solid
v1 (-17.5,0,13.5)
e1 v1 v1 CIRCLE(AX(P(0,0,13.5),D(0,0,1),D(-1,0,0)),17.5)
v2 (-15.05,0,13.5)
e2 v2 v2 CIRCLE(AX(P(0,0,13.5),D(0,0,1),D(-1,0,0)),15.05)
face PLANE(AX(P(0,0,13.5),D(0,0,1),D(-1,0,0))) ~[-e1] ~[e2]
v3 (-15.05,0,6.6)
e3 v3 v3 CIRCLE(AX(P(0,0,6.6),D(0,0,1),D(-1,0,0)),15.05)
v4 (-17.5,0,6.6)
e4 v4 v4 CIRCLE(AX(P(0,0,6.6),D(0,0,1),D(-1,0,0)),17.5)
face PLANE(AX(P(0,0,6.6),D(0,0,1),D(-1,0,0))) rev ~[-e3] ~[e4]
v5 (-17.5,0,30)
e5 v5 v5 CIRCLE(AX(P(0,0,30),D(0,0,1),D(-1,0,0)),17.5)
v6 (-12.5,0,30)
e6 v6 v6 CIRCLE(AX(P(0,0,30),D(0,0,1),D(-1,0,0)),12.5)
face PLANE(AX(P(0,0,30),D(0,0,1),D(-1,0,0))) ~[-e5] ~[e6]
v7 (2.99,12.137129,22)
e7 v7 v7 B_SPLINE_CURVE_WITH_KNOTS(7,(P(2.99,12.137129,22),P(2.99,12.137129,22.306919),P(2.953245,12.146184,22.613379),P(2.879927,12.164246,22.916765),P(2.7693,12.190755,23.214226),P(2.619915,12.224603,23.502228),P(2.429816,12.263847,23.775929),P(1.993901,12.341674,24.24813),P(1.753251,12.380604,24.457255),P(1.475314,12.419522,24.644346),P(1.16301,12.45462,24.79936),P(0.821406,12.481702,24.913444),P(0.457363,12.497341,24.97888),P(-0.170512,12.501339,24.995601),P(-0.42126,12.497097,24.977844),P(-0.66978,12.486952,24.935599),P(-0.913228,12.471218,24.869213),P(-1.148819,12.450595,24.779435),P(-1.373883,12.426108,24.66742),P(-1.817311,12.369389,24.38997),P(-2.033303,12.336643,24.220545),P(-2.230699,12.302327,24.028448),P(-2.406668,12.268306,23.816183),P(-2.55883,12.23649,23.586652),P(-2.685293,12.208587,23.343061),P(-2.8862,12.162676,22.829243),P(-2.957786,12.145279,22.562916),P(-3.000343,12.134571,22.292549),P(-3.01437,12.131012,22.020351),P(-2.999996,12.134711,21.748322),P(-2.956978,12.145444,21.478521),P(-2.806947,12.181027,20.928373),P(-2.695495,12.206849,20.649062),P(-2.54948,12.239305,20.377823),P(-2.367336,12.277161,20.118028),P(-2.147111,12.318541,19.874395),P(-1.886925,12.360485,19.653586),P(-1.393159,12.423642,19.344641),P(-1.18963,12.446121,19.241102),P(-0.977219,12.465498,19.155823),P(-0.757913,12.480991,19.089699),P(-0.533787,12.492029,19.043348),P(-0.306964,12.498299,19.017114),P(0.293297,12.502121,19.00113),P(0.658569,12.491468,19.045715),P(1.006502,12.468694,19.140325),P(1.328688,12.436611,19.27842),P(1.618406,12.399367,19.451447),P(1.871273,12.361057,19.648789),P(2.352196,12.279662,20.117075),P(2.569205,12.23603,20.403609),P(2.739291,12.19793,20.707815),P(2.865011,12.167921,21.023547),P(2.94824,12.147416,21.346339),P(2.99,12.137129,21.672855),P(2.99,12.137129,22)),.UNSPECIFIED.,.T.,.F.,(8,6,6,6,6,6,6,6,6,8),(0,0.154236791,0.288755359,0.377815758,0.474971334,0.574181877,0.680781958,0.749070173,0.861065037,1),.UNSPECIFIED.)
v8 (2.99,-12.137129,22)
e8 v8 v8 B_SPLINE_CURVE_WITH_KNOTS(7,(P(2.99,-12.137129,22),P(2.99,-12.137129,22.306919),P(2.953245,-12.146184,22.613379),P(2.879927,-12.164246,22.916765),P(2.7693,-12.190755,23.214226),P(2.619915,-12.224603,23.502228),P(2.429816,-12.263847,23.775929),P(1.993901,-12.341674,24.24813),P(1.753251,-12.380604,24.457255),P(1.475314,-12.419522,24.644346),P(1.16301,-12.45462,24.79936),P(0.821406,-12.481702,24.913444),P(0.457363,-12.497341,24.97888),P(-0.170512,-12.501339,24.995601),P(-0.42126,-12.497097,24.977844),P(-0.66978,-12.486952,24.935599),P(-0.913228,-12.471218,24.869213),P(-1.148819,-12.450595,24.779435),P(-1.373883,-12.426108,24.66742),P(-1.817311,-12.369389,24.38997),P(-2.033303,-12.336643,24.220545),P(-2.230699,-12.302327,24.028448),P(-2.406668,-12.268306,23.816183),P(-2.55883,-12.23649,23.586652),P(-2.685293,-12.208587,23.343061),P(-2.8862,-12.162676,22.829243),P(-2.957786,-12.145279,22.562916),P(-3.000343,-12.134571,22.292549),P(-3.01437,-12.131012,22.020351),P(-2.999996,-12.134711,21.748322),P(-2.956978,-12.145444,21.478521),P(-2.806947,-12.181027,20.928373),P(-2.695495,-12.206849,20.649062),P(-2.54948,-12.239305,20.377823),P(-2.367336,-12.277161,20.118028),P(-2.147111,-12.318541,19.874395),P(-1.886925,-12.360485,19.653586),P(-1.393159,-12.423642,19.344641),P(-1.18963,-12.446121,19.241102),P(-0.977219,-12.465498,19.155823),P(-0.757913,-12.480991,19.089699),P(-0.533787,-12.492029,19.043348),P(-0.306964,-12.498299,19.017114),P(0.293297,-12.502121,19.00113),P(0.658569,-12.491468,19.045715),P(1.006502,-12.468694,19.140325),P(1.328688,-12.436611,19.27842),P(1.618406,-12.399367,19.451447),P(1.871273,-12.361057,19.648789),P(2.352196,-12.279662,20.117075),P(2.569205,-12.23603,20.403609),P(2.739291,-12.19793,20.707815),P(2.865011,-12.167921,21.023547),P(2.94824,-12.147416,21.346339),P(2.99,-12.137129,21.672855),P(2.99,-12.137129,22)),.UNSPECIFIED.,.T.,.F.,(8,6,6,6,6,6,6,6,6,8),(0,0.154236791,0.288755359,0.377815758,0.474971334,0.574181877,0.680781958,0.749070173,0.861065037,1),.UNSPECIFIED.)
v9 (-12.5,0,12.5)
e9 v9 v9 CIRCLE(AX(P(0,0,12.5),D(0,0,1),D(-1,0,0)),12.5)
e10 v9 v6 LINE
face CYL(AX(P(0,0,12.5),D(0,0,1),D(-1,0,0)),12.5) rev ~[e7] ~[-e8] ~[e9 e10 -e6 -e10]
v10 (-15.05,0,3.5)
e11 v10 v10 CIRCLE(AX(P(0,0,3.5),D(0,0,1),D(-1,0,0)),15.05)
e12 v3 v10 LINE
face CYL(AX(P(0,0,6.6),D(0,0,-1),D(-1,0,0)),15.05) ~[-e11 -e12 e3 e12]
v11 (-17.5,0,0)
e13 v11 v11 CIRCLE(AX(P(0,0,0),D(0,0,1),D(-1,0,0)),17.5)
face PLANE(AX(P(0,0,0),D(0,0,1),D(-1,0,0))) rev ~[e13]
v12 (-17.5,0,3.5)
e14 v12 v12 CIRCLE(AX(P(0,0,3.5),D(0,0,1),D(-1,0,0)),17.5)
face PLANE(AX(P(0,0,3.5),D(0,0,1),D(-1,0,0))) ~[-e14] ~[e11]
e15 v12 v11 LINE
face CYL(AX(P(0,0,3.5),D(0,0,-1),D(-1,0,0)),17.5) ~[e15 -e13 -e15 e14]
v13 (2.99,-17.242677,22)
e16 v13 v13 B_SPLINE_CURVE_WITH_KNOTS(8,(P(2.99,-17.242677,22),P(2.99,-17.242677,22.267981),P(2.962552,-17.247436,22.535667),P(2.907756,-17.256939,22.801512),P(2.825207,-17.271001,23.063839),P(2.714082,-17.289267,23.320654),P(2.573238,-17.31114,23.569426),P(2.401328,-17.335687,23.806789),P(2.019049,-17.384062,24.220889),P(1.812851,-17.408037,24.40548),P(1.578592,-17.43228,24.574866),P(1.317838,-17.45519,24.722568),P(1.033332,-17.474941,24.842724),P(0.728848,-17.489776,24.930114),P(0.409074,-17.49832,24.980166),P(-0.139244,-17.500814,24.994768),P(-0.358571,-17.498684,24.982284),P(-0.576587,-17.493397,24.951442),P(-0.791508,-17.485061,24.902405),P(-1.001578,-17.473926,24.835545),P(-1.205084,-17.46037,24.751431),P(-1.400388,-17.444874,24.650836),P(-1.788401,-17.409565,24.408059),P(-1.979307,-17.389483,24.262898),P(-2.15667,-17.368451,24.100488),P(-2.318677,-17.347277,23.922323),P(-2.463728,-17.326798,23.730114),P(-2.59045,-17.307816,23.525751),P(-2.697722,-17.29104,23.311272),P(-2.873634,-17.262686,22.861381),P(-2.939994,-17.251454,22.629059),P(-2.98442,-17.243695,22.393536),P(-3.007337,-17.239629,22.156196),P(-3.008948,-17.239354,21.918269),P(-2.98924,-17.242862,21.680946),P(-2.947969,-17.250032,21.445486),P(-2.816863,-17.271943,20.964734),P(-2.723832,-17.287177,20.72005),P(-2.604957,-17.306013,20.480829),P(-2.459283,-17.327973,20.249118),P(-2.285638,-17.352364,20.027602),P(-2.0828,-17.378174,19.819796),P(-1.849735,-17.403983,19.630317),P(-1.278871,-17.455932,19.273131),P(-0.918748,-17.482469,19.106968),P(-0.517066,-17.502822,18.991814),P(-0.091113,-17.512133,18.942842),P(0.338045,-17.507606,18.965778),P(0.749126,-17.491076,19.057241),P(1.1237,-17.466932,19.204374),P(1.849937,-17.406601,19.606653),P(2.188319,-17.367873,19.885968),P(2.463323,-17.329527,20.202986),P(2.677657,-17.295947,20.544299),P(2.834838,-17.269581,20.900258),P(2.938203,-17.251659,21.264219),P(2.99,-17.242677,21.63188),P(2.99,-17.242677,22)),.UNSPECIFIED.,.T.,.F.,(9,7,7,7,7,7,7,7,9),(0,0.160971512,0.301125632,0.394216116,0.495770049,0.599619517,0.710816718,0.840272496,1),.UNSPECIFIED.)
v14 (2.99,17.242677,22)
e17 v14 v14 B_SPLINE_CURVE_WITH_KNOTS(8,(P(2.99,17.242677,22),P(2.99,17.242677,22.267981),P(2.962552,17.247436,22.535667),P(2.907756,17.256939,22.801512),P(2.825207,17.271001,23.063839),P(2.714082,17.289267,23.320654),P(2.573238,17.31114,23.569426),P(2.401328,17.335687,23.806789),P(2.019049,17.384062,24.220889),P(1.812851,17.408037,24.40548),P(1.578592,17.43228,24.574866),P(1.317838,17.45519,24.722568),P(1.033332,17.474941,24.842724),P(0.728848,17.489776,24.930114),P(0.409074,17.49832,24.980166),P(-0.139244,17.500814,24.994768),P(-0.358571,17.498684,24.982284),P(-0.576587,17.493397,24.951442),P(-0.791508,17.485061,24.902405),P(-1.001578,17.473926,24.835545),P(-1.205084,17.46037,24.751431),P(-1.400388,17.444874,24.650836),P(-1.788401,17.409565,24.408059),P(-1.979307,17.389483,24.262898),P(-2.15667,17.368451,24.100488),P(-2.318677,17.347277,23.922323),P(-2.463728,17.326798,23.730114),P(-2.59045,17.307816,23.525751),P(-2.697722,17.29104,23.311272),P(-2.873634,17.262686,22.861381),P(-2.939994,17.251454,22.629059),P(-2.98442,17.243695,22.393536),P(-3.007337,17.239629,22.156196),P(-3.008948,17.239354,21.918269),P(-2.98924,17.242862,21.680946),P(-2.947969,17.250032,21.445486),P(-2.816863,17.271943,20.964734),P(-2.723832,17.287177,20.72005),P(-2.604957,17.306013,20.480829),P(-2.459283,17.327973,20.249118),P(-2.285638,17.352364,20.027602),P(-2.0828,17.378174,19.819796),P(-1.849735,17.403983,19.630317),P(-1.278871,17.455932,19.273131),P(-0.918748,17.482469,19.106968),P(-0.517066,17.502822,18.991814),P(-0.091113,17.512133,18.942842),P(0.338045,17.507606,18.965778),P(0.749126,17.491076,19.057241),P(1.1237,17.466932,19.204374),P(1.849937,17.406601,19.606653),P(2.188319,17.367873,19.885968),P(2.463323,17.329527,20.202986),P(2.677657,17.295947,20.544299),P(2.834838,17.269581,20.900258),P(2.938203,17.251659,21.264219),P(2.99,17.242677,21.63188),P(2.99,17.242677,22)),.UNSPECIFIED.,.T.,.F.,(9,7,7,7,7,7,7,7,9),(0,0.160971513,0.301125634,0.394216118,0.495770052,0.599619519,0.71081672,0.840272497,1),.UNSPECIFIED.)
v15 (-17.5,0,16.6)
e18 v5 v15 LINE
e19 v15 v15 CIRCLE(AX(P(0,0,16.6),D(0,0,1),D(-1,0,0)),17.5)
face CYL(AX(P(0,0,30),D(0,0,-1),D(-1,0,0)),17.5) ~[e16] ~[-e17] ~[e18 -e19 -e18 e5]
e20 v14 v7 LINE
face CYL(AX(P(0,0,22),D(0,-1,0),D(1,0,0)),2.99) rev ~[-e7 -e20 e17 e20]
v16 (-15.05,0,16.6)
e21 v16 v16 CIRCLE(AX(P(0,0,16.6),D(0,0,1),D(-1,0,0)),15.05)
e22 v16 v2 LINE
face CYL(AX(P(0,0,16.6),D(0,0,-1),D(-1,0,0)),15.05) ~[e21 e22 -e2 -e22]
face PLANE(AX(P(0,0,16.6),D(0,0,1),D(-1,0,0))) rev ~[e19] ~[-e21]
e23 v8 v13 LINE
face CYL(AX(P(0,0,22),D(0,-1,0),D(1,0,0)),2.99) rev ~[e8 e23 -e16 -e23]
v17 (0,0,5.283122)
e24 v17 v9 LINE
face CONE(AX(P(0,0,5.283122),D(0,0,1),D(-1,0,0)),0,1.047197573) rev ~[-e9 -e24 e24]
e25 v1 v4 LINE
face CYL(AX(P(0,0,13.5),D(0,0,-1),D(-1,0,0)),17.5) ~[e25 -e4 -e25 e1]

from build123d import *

# Parameters (mm, degrees)
F2_R     = 2.99
F3_DEPTH = 20


with BuildPart() as f1:
    # F0 (on Front) → F1 (revolve)
    with BuildSketch(Plane.XZ):
        Polygon((-17.5, 0), (0, 0), (0, 5.283122), (-12.5, 12.5), (-12.5, 30), (-17.5, 30), (-17.5, 16.6), (-15.05, 16.6), (-15.05, 13.5), (-17.5, 13.5), (-17.5, 6.6), (-15.05, 6.6), (-15.05, 3.5), (-17.5, 3.5), align=None)
    revolve(axis=Axis((0, 0, 2.641561), (0, 0, 1)))

    # F2 (on Front) → F3 (cut, symmetric)
    with BuildSketch(Plane.XZ):
        with Locations((0, 22)):
            Circle(F2_R)
    extrude(amount=F3_DEPTH, both=True, mode=Mode.SUBTRACT)


solid = f1.part
